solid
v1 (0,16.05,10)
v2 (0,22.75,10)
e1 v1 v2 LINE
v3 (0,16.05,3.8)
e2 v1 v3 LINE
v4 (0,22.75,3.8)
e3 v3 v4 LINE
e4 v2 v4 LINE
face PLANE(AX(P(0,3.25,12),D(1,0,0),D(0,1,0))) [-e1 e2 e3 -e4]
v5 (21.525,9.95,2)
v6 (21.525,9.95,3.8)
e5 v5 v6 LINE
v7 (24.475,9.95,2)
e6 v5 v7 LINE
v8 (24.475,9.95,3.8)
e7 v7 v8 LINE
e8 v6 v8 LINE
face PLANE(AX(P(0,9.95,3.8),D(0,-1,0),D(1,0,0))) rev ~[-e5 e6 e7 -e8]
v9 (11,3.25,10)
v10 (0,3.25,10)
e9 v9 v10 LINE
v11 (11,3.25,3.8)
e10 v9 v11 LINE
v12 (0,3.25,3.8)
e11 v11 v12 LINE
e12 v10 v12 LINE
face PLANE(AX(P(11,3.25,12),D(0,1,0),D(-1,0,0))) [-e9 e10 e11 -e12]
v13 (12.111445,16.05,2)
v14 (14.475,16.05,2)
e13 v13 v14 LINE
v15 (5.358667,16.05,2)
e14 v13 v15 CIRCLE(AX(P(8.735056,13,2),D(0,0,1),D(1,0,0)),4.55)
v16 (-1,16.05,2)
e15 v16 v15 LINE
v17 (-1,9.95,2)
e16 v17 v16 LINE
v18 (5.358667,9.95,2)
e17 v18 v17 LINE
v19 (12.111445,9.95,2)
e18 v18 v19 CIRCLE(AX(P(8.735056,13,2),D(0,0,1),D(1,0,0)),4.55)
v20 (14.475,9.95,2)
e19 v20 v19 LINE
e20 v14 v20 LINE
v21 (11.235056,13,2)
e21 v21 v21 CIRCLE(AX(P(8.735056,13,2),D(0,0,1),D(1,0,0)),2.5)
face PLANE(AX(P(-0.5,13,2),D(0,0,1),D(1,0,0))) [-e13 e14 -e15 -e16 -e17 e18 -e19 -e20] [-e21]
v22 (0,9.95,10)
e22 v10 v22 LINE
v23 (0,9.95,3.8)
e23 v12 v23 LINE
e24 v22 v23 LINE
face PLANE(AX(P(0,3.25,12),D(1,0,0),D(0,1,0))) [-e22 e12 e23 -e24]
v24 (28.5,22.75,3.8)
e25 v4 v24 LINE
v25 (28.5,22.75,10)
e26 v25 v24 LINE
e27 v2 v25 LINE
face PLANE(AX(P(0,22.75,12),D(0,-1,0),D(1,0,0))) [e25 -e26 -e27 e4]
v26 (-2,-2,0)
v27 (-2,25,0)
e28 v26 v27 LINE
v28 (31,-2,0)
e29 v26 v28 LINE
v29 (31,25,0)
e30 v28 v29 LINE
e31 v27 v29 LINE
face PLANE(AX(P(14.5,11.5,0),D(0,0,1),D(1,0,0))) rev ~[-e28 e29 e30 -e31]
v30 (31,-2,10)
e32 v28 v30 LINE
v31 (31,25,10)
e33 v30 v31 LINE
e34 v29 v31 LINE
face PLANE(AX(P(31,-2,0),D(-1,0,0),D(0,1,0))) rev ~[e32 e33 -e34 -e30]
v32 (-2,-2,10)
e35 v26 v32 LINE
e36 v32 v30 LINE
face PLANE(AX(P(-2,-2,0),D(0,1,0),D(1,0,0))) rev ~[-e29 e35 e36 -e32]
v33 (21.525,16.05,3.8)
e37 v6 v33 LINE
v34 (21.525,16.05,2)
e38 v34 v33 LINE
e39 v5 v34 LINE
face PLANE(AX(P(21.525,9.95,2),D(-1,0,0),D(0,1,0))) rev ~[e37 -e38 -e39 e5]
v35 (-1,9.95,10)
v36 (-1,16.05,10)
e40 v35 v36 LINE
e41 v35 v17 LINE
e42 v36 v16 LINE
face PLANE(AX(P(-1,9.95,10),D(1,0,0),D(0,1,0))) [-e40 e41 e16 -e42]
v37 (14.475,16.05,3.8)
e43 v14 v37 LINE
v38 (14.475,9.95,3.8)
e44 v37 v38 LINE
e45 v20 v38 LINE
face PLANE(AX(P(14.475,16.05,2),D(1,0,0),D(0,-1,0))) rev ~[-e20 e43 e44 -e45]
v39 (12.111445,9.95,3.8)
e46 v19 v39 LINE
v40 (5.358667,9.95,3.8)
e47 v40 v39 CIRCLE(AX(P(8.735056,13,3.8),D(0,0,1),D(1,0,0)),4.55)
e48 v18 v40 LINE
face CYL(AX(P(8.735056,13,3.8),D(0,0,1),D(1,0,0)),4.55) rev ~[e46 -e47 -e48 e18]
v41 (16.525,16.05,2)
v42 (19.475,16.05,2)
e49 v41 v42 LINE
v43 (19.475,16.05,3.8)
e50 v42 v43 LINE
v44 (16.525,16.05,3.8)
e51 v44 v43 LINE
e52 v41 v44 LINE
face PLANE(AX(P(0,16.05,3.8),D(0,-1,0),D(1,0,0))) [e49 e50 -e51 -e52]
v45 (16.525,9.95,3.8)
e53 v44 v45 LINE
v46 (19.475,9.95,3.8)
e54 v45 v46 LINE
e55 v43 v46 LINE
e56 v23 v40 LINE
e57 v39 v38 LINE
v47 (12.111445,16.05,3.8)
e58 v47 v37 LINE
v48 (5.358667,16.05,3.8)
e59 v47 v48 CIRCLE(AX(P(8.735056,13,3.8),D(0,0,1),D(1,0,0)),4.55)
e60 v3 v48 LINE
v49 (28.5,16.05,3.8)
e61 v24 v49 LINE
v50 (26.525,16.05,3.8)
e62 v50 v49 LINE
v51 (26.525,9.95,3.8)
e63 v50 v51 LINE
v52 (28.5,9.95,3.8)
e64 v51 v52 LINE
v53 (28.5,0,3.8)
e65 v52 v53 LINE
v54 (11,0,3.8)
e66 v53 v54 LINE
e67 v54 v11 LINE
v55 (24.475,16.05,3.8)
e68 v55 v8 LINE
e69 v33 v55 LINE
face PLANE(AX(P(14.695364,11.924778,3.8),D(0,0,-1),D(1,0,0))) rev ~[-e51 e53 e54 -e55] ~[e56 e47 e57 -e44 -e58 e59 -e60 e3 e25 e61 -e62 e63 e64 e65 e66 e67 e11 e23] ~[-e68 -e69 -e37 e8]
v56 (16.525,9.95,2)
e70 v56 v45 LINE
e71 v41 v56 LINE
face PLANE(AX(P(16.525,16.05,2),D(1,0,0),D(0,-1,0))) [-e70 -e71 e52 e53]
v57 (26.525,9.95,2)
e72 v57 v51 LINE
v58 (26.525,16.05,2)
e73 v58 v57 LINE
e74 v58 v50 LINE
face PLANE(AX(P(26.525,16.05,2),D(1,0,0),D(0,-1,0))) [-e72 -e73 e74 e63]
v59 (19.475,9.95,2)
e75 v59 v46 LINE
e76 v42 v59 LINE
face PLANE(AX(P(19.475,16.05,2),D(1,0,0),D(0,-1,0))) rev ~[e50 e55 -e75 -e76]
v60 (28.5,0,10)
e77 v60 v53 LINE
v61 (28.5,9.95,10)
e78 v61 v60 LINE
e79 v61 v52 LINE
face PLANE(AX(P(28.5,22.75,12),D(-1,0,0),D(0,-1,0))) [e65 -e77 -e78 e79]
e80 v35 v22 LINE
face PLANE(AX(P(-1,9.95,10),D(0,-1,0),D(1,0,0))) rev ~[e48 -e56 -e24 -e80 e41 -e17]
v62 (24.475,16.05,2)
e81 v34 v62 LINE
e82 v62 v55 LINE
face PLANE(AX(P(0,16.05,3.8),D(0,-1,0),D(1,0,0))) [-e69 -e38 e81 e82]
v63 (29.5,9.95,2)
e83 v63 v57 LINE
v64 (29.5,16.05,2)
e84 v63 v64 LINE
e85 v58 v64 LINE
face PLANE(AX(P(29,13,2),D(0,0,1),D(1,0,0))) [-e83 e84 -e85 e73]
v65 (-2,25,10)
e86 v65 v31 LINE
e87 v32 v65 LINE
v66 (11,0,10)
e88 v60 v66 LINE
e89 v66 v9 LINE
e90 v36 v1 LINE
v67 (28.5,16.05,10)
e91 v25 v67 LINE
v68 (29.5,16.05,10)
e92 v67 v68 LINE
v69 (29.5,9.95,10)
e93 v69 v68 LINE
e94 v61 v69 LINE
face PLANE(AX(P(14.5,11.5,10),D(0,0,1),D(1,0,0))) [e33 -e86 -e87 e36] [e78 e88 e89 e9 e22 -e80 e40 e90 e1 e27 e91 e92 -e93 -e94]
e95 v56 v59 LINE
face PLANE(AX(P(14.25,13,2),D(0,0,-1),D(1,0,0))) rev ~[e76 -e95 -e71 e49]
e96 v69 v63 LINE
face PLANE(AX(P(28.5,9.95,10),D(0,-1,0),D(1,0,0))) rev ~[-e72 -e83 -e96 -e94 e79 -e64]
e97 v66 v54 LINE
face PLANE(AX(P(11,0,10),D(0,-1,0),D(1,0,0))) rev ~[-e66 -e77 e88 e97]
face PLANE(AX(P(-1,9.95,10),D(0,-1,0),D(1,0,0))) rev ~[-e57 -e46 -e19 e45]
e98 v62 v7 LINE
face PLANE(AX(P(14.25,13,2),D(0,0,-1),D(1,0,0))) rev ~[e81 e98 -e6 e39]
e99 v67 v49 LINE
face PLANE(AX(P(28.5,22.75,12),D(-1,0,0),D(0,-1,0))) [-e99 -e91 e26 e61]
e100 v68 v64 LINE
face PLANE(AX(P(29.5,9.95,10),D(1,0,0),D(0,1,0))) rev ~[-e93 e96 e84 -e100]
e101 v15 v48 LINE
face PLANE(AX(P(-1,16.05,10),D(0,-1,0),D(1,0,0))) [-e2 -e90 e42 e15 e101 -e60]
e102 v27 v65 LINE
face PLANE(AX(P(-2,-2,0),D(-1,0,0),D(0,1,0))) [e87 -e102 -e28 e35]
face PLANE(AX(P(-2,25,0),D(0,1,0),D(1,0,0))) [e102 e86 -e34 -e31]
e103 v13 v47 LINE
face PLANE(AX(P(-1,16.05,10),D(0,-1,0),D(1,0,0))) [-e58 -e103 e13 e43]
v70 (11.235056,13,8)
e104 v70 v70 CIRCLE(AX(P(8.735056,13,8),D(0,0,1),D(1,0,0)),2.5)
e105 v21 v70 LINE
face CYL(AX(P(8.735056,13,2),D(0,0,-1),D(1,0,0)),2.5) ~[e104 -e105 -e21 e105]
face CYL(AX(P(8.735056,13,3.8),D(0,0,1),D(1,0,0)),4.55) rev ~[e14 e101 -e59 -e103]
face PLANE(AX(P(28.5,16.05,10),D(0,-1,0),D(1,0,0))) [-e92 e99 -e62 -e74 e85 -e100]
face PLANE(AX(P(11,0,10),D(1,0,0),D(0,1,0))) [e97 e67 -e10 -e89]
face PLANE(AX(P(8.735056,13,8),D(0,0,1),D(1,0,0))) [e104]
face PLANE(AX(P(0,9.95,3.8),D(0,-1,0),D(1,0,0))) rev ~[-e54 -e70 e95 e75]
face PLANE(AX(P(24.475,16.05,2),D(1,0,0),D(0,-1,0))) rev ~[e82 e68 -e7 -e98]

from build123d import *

# Parameters (mm, degrees)
PAD004_DEPTH             = 8.2
SKETCH014_W              = 28.5
SKETCH014_H              = 6.1
PAD005_DEPTH             = 1.8
SKETCH015_R              = 2.9
POCKET004_DEPTH          = 0.6
SKETCH016_W              = 2.05
SKETCH016_H              = 6.1
POCKET005_DEPTH          = 1.8
CLONE012_PLACEMENT_ANGLE = 180
BOX_W                    = 33
BOX_H                    = 27
BOX_DEPTH                = 10
SKETCH_W                 = 3
SKETCH_H                 = 3.25
POCKET009_DEPTH          = 6.2
SKETCH021_W              = 1
SKETCH021_H              = 6.1
POCKET010_DEPTH          = 8
SKETCH022_R              = 4.55
POCKET011_DEPTH          = 1.8
SKETCH023_R              = 2.5
PAD_DEPTH                = 6


with BuildPart() as body011:
    # Sketch013 → Pad004 (new body)
    with BuildSketch(Plane.XY):
        with BuildLine():
            Line((0, 0), (28.5, 0))
            Line((28.5, 0), (28.5, 22.75))
            Line((28.5, 22.75), (14, 22.75))
            Line((14, 22.75), (14, 22.5))
            ThreePointArc((11, 19.5), (13.12132, 20.37868), (14, 22.5))
            Line((11, 19.5), (0, 19.5))
            Line((0, 19.5), (0, 0))
        make_face()
    extrude(amount=PAD004_DEPTH)

    # Sketch014 (on Face9 of Pad004) → Pad005 (join)
    with BuildSketch(Plane.XY.offset(8.2)):
        with Locations((14.25, 9.75)):
            Rectangle(SKETCH014_W, SKETCH014_H)
    extrude(amount=PAD005_DEPTH)

    # Sketch015 (on Face11 of Pad005) → Pocket004 (cut)
    with BuildSketch(Plane.XY.offset(10)):
        with Locations((8.735056, 9.75)):
            Circle(SKETCH015_R)
    extrude(amount=-POCKET004_DEPTH, mode=Mode.SUBTRACT)

    # Sketch016 (on Face10 of Pocket004) → Pocket005 (cut)
    with BuildSketch(Plane.XY.offset(10)):
        with Locations((15.5, 9.75)):
            Rectangle(SKETCH016_W, SKETCH016_H)
        Polygon((21.525, 12.8), (21.525, 6.7), (19.475, 6.7), (19.475, 12.8), (20.5, 12.8), align=None)
        with Locations((25.5, 9.75)):
            Rectangle(SKETCH016_W, SKETCH016_H)
    extrude(amount=-POCKET005_DEPTH, mode=Mode.SUBTRACT)


with BuildPart() as body011_1:
    # Clone012 placement: moved
    add(body011.part.moved(Location((0, 22.75, 12))).rotate(Axis((0, 22.75, 12), (1, 0, 0)), CLONE012_PLACEMENT_ANGLE))


with BuildPart() as model_body012:
    # Box → Box (new body)
    with BuildSketch(Plane(origin=(-2, -2, 0), x_dir=(1, 0, 0), z_dir=(0, 0, 1))):
        with Locations((16.5, 13.5)):
            Rectangle(BOX_W, BOX_H)
    extrude(amount=BOX_DEPTH)

    # Cut: cut Body011
    add(body011_1.part, mode=Mode.SUBTRACT)

    # Sketch (on Face3 of BaseFeature001) → Pocket009 (cut)
    with BuildSketch(Plane.XY.offset(10)):
        with Locations((12.5, 1.625)):
            Rectangle(SKETCH_W, SKETCH_H)
    extrude(amount=-POCKET009_DEPTH, mode=Mode.SUBTRACT)

    # Sketch021 (on Face3 of Pocket009) → Pocket010 (cut)
    with BuildSketch(Plane.XY.offset(10)):
        with Locations((-0.5, 13)):
            Rectangle(SKETCH021_W, SKETCH021_H)
        with Locations((29, 13)):
            Rectangle(SKETCH021_W, SKETCH021_H)
    extrude(amount=-POCKET010_DEPTH, mode=Mode.SUBTRACT)

    # Sketch022 (on Face17 of Pocket010) → Pocket011 (cut)
    with BuildSketch(Plane.XY.offset(3.8)):
        with Locations((8.735056, 13)):
            Circle(SKETCH022_R)
    extrude(amount=-POCKET011_DEPTH, mode=Mode.SUBTRACT)

    # Sketch023 (on Face39 of Pocket011) → Pad (join)
    with BuildSketch(Plane.XY.offset(2)):
        with Locations((8.735056, 13)):
            Circle(SKETCH023_R)
    extrude(amount=PAD_DEPTH)


solid = model_body012.part
